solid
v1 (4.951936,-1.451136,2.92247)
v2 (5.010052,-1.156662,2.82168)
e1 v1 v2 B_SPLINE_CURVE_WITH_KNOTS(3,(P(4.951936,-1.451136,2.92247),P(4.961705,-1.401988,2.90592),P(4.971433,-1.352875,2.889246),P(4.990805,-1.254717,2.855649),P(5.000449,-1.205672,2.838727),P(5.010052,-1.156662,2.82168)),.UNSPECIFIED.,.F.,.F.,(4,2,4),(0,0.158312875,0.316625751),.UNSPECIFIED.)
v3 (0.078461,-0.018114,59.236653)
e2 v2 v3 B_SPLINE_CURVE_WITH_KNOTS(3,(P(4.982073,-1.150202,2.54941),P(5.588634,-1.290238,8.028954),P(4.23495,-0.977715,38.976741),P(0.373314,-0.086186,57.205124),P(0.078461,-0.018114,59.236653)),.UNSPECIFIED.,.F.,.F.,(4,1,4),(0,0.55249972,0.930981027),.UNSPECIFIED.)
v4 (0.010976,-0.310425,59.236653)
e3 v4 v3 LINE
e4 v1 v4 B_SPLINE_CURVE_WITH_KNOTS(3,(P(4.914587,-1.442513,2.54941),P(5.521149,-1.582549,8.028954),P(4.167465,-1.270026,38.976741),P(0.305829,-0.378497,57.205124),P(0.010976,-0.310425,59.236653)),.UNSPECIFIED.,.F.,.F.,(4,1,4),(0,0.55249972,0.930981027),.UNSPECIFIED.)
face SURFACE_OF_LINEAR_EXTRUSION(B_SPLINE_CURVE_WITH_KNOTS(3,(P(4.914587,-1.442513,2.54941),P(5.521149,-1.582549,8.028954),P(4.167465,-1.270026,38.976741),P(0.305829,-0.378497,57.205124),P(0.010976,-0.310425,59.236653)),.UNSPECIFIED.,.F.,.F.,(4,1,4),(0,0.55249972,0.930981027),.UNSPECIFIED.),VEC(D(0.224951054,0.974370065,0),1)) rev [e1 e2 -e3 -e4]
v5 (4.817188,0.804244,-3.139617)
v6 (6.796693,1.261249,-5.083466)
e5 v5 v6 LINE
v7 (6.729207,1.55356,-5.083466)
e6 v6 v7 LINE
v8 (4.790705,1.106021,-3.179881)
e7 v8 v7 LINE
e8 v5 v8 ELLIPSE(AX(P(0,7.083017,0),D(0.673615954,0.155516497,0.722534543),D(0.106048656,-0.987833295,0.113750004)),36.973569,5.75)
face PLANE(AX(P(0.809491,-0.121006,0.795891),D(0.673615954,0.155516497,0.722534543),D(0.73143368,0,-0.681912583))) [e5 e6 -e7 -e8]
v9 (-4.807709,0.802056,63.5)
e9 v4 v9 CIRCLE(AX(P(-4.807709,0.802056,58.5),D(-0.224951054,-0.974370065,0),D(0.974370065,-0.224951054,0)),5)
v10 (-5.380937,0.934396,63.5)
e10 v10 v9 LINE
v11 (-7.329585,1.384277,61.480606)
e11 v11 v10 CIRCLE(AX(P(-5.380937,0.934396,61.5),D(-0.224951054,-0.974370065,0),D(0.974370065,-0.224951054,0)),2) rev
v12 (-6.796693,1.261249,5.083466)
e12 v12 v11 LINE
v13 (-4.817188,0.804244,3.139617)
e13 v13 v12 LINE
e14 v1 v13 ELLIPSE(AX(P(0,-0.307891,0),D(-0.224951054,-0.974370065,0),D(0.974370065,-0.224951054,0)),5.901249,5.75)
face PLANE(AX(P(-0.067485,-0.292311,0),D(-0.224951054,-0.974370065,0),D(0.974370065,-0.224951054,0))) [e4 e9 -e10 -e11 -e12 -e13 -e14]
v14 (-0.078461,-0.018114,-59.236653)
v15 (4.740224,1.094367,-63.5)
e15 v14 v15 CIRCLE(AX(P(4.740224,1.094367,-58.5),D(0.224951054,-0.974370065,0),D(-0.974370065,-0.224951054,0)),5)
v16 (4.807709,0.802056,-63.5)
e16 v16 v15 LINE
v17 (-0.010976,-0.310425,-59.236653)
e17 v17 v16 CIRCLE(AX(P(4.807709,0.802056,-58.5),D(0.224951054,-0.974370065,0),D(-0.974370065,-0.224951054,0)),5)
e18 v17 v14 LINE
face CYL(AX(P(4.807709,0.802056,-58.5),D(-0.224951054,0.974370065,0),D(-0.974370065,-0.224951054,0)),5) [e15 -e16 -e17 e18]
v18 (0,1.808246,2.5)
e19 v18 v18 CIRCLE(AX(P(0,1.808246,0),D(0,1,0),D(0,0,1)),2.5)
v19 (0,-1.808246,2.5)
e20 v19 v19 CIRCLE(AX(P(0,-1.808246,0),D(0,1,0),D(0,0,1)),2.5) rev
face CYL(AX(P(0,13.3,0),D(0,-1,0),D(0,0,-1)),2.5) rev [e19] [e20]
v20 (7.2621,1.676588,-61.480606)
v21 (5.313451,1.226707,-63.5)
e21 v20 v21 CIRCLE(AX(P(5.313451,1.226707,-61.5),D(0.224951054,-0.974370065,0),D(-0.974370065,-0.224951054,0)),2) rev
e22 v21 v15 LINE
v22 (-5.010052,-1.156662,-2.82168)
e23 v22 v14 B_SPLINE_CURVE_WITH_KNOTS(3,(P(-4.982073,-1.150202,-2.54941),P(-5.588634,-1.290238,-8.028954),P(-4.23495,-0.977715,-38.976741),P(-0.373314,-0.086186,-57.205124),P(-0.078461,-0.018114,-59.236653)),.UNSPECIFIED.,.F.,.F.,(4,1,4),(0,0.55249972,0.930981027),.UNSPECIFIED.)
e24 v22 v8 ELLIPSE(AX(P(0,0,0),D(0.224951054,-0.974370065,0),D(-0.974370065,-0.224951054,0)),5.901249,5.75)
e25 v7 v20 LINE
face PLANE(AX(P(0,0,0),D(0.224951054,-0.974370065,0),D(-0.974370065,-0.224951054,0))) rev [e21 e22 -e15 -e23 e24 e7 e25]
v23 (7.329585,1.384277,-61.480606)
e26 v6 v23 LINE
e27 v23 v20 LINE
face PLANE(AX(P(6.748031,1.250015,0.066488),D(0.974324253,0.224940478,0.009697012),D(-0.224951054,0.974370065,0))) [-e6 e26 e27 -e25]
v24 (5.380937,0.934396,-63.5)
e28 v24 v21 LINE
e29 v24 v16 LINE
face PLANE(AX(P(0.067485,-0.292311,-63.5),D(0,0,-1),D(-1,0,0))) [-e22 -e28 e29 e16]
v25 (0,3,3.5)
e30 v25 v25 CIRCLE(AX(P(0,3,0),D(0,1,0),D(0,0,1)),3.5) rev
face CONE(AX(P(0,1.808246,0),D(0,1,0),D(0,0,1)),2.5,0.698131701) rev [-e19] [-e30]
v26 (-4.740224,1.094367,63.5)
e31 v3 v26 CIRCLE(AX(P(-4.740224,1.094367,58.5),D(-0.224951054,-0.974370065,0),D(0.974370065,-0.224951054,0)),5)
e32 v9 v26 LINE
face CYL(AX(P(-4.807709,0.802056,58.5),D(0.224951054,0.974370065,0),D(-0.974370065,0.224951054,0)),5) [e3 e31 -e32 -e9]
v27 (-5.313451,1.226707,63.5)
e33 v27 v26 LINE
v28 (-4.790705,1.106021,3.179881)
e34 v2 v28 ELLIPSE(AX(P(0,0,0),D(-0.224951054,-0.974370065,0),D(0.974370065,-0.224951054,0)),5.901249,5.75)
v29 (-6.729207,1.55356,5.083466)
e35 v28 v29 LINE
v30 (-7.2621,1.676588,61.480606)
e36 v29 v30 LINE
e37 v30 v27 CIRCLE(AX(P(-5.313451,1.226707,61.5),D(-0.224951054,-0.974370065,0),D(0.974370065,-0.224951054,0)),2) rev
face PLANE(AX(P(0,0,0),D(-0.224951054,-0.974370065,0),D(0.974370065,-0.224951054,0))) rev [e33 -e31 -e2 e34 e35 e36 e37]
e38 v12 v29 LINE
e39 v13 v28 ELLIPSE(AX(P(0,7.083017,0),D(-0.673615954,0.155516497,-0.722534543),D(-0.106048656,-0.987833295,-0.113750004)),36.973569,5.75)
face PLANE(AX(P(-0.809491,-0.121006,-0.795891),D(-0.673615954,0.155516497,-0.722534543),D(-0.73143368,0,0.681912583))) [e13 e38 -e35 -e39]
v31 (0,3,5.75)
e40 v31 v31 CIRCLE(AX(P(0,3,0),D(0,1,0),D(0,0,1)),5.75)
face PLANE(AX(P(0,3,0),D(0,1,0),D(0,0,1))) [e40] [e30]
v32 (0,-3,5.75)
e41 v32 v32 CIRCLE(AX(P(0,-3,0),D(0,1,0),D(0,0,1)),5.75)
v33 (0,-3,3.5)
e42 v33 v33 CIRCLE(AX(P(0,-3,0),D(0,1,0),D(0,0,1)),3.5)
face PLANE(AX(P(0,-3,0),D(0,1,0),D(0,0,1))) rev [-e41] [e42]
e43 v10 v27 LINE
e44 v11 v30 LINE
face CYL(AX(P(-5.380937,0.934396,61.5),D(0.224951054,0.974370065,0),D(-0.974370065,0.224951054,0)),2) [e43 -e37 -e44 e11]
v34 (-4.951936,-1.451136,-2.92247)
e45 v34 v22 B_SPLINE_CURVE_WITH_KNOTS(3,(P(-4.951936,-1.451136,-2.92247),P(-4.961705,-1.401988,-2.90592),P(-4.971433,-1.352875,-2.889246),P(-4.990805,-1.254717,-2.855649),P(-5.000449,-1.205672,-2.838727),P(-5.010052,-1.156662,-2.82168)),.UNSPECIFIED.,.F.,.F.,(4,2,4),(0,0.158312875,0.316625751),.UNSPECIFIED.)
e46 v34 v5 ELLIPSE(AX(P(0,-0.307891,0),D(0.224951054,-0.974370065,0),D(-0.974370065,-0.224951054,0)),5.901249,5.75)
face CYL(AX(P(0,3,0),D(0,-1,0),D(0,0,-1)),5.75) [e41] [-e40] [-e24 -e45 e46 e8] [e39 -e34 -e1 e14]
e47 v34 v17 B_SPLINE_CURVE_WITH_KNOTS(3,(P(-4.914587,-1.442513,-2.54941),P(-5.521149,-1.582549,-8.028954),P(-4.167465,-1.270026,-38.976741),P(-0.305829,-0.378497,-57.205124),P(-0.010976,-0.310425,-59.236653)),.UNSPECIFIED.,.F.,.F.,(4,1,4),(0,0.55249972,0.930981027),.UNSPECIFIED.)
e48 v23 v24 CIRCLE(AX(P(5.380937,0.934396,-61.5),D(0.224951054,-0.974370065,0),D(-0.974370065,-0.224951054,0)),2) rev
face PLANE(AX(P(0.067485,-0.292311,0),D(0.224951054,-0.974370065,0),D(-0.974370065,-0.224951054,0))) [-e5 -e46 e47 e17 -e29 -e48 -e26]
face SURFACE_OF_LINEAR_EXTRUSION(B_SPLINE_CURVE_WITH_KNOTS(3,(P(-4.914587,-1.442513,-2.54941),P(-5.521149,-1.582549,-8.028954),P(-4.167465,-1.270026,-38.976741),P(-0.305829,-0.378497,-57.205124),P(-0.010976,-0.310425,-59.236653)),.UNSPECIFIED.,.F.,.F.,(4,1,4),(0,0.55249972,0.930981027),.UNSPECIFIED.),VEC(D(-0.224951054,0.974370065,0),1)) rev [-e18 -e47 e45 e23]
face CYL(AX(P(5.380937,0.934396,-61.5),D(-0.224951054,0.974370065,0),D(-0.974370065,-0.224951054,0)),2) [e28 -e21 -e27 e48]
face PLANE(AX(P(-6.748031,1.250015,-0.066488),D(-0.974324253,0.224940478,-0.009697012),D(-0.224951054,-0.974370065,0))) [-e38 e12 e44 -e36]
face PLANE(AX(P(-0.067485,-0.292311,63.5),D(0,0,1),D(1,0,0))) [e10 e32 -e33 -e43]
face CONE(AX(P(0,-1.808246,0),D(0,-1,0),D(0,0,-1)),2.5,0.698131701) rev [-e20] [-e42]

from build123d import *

# Parameters (mm, degrees)
SKETCH1_R             = 5.75
BOSS_EXTRUDE1_DEPTH   = 3
BOSS_EXTRUDE2_DEPTH   = 0.3
CIRPATTERN1_COUNT     = 2
SKETCH4_R             = 2.5
CUT_EXTRUDE1_DEPTH    = 16.3
CHAMFER1_SIZE         = 1
CHAMFER1_SIZE2        = 1.191753593
CHAMFER1_PART_2_SIZE  = 1
CHAMFER1_PART_2_SIZE2 = 1.191753593


with BuildPart() as part:
    # Sketch1 → Boss-Extrude1 (new body, symmetric)
    with BuildSketch(Plane(origin=(0, 0, 0), x_dir=(1, 0, 0), z_dir=(0, 1, 0))):
        Circle(SKETCH1_R)
    extrude(amount=BOSS_EXTRUDE1_DEPTH, both=True)

    # Sketch3 → Boss-Extrude2 (add)
    with BuildSketch(Plane(origin=(0, 0, 0), x_dir=(0.974370065, -0.224951054, 0), z_dir=(-0.224951054, -0.974370065, 0))):
        with BuildLine():
            Line((-6.906213286, 5.083465827), (-4.318560917, 2.607550724))
            Line((-4.318560917, 2.607550724), (5.113121785, 2.549410262))
            add(Edge.make_bspline(
                [(5.113121785, 2.549410262), (5.735638165, 8.028953924), (4.346346729, 38.97674066), (0.38313372, 57.205124306), (0.080525316, 59.236652626)],
                knots=[0, 0, 0, 0, 0.55249972, 0.930981027, 0.930981027, 0.930981027, 0.930981027], degree=3))
            ThreePointArc((0.080525316, 59.236652626), (-1.600195584, 62.287034666), (-4.864911258, 63.5))
            Line((-4.864911258, 63.5), (-5.4532168, 63.5))
            ThreePointArc((-5.4532168, 63.5), (-6.874270643, 62.907340035), (-7.453122766, 61.480605975))
            Line((-7.453122766, 61.480605975), (-6.906213286, 5.083465827))
        make_face()
    boss_extrude2 = extrude(amount=BOSS_EXTRUDE2_DEPTH)

    # CirPattern1: Boss-Extrude2 ×2 about axis
    cirpattern1_axis = Axis((0, -3, 0), (0, 1, 0))
    for i in range(1, CIRPATTERN1_COUNT):
        add(boss_extrude2.rotate(cirpattern1_axis, i * 360 / CIRPATTERN1_COUNT))

    # Sketch4 → Cut-Extrude1 (cut)
    with BuildSketch(Plane.XZ.offset(3)):
        Circle(SKETCH4_R)
    extrude(amount=-CUT_EXTRUDE1_DEPTH, mode=Mode.SUBTRACT)

    # Chamfer1
    chamfer1_edges = [part.edges().sort_by_distance(p)[0] for p in [
        (-2.5, 3, 0),
    ]]
    chamfer1_side = [part.faces().sort_by_distance(p)[0] for p in [
        (-5.58736544, 3, 0),
    ]]
    chamfer(chamfer1_edges, length=CHAMFER1_SIZE, length2=CHAMFER1_SIZE2, reference=chamfer1_side[0])

    # Chamfer1 part 2
    chamfer1_part_2_edges = [part.edges().sort_by_distance(p)[0] for p in [
        (-2.5, -3, 0),
    ]]
    chamfer1_part_2_side = [part.faces().sort_by_distance(p)[0] for p in [
        (-5.58736544, -3, 0),
    ]]
    chamfer(chamfer1_part_2_edges, length=CHAMFER1_PART_2_SIZE, length2=CHAMFER1_PART_2_SIZE2, reference=chamfer1_part_2_side[0])


solid = part.part
